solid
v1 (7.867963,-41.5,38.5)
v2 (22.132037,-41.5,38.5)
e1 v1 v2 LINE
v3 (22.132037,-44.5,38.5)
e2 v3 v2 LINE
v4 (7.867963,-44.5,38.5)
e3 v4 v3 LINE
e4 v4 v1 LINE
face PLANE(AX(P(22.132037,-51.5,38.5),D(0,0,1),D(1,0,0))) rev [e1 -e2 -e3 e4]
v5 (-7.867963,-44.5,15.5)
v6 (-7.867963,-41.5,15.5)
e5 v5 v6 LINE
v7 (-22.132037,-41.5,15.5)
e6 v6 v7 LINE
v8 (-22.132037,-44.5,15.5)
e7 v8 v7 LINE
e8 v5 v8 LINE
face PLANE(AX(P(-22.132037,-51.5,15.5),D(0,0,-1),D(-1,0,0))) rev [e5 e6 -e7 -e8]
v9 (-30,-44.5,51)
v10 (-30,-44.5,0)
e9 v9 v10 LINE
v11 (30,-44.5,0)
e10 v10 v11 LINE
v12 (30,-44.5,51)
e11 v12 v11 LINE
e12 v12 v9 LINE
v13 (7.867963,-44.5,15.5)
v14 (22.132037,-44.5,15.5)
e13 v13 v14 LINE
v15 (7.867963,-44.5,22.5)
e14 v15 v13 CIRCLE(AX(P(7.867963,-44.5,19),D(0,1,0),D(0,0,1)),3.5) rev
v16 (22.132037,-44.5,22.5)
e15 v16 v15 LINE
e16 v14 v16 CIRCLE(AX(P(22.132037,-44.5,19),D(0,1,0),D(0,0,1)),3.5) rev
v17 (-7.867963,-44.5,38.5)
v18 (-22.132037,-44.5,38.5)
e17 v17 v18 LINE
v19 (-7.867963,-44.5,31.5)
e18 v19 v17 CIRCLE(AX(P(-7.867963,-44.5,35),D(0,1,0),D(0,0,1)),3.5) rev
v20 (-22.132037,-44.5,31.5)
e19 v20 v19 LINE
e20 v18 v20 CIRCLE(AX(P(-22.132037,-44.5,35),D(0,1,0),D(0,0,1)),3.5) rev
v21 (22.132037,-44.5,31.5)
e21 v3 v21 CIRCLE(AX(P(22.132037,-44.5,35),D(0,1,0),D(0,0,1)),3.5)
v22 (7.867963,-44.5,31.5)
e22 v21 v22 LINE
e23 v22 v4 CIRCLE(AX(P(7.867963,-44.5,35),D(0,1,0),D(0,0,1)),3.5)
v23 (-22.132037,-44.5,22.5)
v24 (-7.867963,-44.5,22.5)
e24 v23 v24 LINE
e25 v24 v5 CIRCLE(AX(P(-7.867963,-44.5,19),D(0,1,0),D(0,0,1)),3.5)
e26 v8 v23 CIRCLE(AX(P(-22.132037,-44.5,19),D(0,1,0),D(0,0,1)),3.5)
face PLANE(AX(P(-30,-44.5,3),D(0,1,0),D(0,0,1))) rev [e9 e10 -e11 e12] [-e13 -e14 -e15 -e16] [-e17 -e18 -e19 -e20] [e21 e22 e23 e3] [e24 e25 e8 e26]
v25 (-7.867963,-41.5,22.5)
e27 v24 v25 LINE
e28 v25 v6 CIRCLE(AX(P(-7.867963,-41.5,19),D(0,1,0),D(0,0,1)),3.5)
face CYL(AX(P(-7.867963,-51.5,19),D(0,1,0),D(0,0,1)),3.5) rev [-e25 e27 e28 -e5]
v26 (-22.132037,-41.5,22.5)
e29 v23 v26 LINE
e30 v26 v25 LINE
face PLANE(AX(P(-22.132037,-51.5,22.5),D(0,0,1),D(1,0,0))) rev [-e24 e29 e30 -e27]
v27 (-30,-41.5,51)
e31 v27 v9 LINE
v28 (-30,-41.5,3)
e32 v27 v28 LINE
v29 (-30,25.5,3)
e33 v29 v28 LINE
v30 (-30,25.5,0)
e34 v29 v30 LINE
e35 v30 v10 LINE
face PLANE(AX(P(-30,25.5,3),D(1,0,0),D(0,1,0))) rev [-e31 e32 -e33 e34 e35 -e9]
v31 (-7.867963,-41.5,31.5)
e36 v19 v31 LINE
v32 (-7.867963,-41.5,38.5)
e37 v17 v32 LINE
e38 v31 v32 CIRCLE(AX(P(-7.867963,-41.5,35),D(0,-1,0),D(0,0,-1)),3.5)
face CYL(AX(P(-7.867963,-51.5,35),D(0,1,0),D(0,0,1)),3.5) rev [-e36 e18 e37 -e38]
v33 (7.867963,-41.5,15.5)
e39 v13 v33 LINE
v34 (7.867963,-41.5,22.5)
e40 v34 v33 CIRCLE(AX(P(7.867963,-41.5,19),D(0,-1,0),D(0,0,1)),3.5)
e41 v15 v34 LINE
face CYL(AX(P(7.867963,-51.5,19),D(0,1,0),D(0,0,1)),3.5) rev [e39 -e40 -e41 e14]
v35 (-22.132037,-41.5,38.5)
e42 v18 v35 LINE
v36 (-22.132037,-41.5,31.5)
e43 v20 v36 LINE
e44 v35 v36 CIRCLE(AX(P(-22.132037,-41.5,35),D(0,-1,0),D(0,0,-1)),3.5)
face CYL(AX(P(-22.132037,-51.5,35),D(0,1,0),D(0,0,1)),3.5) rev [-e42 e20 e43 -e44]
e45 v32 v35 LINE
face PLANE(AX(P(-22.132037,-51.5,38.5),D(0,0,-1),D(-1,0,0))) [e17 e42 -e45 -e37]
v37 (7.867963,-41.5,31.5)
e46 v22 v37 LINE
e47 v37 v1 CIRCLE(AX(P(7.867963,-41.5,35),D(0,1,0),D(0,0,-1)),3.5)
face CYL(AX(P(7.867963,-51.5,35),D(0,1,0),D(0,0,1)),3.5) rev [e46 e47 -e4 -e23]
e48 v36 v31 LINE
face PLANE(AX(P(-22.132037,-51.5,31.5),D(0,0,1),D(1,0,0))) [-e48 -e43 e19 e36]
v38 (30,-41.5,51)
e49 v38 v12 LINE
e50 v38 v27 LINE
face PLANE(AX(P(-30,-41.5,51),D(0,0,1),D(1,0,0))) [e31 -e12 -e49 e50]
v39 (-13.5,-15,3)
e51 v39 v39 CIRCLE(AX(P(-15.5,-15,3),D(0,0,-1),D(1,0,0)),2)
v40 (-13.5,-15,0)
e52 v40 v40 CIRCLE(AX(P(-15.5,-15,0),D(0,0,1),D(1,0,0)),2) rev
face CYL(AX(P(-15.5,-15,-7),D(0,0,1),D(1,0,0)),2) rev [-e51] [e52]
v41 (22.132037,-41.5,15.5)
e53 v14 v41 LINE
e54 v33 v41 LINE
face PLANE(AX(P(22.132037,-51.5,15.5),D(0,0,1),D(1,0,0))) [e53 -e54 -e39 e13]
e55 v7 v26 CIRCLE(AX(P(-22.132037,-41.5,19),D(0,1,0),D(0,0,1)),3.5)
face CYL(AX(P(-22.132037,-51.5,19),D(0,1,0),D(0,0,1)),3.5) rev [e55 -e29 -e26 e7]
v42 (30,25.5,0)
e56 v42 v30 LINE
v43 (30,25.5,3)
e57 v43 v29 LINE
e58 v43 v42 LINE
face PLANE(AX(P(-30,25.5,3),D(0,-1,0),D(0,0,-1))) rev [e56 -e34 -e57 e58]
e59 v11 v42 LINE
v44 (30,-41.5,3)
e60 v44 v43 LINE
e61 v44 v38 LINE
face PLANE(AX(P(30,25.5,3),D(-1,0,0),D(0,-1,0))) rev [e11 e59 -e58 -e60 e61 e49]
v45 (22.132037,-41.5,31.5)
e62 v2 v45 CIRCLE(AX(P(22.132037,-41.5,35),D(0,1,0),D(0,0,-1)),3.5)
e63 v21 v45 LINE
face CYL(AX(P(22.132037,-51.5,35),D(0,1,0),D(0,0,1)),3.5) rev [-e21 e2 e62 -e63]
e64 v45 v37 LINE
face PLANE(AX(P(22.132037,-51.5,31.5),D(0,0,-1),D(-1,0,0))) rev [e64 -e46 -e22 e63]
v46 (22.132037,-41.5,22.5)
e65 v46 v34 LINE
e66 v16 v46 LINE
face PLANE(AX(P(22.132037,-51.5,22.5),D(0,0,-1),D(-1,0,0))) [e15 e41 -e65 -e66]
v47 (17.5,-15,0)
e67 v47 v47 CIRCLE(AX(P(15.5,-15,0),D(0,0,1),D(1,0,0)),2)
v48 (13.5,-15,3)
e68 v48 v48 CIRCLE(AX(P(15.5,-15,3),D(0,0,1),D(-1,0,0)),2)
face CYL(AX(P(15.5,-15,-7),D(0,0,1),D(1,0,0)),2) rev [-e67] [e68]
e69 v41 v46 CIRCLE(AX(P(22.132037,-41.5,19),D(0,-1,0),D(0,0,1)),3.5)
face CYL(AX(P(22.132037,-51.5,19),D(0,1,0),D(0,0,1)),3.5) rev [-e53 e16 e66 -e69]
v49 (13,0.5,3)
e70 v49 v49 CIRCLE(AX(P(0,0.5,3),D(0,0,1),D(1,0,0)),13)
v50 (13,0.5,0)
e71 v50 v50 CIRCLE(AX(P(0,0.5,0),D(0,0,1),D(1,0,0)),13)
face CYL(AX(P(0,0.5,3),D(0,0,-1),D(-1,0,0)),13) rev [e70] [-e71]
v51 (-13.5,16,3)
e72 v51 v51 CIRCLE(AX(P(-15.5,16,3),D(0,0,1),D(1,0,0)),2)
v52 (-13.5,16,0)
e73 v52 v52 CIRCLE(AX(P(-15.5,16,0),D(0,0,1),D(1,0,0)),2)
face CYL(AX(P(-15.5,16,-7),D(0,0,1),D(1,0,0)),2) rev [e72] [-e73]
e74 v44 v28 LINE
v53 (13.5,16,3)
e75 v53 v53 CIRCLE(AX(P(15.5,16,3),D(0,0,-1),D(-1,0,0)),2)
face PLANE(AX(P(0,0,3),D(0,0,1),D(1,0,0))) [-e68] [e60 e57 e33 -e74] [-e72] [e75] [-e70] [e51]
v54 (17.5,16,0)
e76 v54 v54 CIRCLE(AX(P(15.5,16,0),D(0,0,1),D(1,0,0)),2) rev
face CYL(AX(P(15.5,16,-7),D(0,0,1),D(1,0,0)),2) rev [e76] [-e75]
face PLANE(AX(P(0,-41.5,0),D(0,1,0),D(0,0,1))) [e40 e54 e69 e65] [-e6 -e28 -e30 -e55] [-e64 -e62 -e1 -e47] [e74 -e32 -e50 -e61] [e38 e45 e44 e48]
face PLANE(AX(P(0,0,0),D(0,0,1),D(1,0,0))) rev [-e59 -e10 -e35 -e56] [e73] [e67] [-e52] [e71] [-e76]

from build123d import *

# Parameters (mm, degrees)
SKETCH_1_W               = 60
SKETCH_1_H               = 70
SKETCH_1_R               = 13
EXTRUDE_1_DEPTH          = 3
SKETCH_2_W               = 60
SKETCH_2_H               = 51
EXTRUDE_2_DEPTH          = 3
SKETCH_3_R               = 2
CUT_EXTRUDE_1_DEPTH      = 10
MIRROR_3_COPY_1_SKETCH_R = 2
MIRROR_3_COPY_1_DEPTH    = 10
CUT_EXTRUDE_2_DEPTH      = 10
MIRROR_5_COPY_1_DEPTH    = 10


with BuildPart() as part:
    # 草图1 → 凸台-拉伸1 (new body)
    with BuildSketch(Plane.XY):
        with Locations((0, -9.5)):
            Rectangle(SKETCH_1_W, SKETCH_1_H)
        with Locations((0, 0.5)):
            Circle(SKETCH_1_R, mode=Mode.SUBTRACT)
    extrude(amount=EXTRUDE_1_DEPTH)

    # 草图2 → 凸台-拉伸2 (add)
    with BuildSketch(Plane.XZ.offset(44.5)):
        with Locations((0, 25.5)):
            Rectangle(SKETCH_2_W, SKETCH_2_H)
    extrude(amount=-EXTRUDE_2_DEPTH)

    # 草图3 → 切除-拉伸1 (cut)
    with BuildSketch(Plane.XY.offset(3)):
        with Locations((-15.5, 16)):
            Circle(SKETCH_3_R)
    cut_extrude_1 = extrude(amount=-CUT_EXTRUDE_1_DEPTH, mode=Mode.SUBTRACT)

    # 镜向1: 切除-拉伸1 across plane
    add(cut_extrude_1.mirror(Plane(origin=(0, 0, 0), x_dir=(0, 0, 1), z_dir=(1, 0, 0))), mode=Mode.SUBTRACT)

    # 镜向3: 切除-拉伸1 across plane
    add(cut_extrude_1.mirror(Plane.ZX.offset(0.5)), mode=Mode.SUBTRACT)

    # 镜向3 copy 1 sketch → 镜向3 copy 1 (cut)
    with BuildSketch(Plane(origin=(0, 1, 3), x_dir=(-1, 0, 0), z_dir=(0, 0, 1))):
        with Locations((-15.5, 16)):
            Circle(MIRROR_3_COPY_1_SKETCH_R)
    extrude(amount=-MIRROR_3_COPY_1_DEPTH, mode=Mode.SUBTRACT)

    # 草图4 → 切除-拉伸2 (cut)
    with BuildSketch(Plane(origin=(0, -41.5, 0), x_dir=(1, 0, 0), z_dir=(0, 1, 0))):
        with BuildLine():
            Line((-22.132037459, -15.5), (-7.867962541, -15.5))
            ThreePointArc((-7.867962541, -15.5), (-4.367962541, -19), (-7.867962541, -22.5))
            Line((-7.867962541, -22.5), (-22.132037459, -22.5))
            ThreePointArc((-22.132037459, -22.5), (-25.632037459, -19), (-22.132037459, -15.5))
        make_face()
    cut_extrude_2 = extrude(amount=-CUT_EXTRUDE_2_DEPTH, mode=Mode.SUBTRACT)

    # 镜向4: 切除-拉伸2 across plane
    add(cut_extrude_2.mirror(Plane.XY.offset(27)), mode=Mode.SUBTRACT)

    # 镜向5: 切除-拉伸2 across plane
    add(cut_extrude_2.mirror(Plane(origin=(0, 0, 0), x_dir=(0, 0, 1), z_dir=(1, 0, 0))), mode=Mode.SUBTRACT)

    # 镜向5 copy 1 sketch → 镜向5 copy 1 (cut)
    with BuildSketch(Plane(origin=(0, -41.5, 54), x_dir=(-1, 0, 0), z_dir=(0, 1, 0))):
        with BuildLine():
            Line((-22.132037459, -15.5), (-7.867962541, -15.5))
            ThreePointArc((-7.867962541, -15.5), (-4.367962541, -19), (-7.867962541, -22.5))
            Line((-7.867962541, -22.5), (-22.132037459, -22.5))
            ThreePointArc((-22.132037459, -22.5), (-25.632037459, -19), (-22.132037459, -15.5))
        make_face()
    extrude(amount=-MIRROR_5_COPY_1_DEPTH, mode=Mode.SUBTRACT)


solid = part.part
